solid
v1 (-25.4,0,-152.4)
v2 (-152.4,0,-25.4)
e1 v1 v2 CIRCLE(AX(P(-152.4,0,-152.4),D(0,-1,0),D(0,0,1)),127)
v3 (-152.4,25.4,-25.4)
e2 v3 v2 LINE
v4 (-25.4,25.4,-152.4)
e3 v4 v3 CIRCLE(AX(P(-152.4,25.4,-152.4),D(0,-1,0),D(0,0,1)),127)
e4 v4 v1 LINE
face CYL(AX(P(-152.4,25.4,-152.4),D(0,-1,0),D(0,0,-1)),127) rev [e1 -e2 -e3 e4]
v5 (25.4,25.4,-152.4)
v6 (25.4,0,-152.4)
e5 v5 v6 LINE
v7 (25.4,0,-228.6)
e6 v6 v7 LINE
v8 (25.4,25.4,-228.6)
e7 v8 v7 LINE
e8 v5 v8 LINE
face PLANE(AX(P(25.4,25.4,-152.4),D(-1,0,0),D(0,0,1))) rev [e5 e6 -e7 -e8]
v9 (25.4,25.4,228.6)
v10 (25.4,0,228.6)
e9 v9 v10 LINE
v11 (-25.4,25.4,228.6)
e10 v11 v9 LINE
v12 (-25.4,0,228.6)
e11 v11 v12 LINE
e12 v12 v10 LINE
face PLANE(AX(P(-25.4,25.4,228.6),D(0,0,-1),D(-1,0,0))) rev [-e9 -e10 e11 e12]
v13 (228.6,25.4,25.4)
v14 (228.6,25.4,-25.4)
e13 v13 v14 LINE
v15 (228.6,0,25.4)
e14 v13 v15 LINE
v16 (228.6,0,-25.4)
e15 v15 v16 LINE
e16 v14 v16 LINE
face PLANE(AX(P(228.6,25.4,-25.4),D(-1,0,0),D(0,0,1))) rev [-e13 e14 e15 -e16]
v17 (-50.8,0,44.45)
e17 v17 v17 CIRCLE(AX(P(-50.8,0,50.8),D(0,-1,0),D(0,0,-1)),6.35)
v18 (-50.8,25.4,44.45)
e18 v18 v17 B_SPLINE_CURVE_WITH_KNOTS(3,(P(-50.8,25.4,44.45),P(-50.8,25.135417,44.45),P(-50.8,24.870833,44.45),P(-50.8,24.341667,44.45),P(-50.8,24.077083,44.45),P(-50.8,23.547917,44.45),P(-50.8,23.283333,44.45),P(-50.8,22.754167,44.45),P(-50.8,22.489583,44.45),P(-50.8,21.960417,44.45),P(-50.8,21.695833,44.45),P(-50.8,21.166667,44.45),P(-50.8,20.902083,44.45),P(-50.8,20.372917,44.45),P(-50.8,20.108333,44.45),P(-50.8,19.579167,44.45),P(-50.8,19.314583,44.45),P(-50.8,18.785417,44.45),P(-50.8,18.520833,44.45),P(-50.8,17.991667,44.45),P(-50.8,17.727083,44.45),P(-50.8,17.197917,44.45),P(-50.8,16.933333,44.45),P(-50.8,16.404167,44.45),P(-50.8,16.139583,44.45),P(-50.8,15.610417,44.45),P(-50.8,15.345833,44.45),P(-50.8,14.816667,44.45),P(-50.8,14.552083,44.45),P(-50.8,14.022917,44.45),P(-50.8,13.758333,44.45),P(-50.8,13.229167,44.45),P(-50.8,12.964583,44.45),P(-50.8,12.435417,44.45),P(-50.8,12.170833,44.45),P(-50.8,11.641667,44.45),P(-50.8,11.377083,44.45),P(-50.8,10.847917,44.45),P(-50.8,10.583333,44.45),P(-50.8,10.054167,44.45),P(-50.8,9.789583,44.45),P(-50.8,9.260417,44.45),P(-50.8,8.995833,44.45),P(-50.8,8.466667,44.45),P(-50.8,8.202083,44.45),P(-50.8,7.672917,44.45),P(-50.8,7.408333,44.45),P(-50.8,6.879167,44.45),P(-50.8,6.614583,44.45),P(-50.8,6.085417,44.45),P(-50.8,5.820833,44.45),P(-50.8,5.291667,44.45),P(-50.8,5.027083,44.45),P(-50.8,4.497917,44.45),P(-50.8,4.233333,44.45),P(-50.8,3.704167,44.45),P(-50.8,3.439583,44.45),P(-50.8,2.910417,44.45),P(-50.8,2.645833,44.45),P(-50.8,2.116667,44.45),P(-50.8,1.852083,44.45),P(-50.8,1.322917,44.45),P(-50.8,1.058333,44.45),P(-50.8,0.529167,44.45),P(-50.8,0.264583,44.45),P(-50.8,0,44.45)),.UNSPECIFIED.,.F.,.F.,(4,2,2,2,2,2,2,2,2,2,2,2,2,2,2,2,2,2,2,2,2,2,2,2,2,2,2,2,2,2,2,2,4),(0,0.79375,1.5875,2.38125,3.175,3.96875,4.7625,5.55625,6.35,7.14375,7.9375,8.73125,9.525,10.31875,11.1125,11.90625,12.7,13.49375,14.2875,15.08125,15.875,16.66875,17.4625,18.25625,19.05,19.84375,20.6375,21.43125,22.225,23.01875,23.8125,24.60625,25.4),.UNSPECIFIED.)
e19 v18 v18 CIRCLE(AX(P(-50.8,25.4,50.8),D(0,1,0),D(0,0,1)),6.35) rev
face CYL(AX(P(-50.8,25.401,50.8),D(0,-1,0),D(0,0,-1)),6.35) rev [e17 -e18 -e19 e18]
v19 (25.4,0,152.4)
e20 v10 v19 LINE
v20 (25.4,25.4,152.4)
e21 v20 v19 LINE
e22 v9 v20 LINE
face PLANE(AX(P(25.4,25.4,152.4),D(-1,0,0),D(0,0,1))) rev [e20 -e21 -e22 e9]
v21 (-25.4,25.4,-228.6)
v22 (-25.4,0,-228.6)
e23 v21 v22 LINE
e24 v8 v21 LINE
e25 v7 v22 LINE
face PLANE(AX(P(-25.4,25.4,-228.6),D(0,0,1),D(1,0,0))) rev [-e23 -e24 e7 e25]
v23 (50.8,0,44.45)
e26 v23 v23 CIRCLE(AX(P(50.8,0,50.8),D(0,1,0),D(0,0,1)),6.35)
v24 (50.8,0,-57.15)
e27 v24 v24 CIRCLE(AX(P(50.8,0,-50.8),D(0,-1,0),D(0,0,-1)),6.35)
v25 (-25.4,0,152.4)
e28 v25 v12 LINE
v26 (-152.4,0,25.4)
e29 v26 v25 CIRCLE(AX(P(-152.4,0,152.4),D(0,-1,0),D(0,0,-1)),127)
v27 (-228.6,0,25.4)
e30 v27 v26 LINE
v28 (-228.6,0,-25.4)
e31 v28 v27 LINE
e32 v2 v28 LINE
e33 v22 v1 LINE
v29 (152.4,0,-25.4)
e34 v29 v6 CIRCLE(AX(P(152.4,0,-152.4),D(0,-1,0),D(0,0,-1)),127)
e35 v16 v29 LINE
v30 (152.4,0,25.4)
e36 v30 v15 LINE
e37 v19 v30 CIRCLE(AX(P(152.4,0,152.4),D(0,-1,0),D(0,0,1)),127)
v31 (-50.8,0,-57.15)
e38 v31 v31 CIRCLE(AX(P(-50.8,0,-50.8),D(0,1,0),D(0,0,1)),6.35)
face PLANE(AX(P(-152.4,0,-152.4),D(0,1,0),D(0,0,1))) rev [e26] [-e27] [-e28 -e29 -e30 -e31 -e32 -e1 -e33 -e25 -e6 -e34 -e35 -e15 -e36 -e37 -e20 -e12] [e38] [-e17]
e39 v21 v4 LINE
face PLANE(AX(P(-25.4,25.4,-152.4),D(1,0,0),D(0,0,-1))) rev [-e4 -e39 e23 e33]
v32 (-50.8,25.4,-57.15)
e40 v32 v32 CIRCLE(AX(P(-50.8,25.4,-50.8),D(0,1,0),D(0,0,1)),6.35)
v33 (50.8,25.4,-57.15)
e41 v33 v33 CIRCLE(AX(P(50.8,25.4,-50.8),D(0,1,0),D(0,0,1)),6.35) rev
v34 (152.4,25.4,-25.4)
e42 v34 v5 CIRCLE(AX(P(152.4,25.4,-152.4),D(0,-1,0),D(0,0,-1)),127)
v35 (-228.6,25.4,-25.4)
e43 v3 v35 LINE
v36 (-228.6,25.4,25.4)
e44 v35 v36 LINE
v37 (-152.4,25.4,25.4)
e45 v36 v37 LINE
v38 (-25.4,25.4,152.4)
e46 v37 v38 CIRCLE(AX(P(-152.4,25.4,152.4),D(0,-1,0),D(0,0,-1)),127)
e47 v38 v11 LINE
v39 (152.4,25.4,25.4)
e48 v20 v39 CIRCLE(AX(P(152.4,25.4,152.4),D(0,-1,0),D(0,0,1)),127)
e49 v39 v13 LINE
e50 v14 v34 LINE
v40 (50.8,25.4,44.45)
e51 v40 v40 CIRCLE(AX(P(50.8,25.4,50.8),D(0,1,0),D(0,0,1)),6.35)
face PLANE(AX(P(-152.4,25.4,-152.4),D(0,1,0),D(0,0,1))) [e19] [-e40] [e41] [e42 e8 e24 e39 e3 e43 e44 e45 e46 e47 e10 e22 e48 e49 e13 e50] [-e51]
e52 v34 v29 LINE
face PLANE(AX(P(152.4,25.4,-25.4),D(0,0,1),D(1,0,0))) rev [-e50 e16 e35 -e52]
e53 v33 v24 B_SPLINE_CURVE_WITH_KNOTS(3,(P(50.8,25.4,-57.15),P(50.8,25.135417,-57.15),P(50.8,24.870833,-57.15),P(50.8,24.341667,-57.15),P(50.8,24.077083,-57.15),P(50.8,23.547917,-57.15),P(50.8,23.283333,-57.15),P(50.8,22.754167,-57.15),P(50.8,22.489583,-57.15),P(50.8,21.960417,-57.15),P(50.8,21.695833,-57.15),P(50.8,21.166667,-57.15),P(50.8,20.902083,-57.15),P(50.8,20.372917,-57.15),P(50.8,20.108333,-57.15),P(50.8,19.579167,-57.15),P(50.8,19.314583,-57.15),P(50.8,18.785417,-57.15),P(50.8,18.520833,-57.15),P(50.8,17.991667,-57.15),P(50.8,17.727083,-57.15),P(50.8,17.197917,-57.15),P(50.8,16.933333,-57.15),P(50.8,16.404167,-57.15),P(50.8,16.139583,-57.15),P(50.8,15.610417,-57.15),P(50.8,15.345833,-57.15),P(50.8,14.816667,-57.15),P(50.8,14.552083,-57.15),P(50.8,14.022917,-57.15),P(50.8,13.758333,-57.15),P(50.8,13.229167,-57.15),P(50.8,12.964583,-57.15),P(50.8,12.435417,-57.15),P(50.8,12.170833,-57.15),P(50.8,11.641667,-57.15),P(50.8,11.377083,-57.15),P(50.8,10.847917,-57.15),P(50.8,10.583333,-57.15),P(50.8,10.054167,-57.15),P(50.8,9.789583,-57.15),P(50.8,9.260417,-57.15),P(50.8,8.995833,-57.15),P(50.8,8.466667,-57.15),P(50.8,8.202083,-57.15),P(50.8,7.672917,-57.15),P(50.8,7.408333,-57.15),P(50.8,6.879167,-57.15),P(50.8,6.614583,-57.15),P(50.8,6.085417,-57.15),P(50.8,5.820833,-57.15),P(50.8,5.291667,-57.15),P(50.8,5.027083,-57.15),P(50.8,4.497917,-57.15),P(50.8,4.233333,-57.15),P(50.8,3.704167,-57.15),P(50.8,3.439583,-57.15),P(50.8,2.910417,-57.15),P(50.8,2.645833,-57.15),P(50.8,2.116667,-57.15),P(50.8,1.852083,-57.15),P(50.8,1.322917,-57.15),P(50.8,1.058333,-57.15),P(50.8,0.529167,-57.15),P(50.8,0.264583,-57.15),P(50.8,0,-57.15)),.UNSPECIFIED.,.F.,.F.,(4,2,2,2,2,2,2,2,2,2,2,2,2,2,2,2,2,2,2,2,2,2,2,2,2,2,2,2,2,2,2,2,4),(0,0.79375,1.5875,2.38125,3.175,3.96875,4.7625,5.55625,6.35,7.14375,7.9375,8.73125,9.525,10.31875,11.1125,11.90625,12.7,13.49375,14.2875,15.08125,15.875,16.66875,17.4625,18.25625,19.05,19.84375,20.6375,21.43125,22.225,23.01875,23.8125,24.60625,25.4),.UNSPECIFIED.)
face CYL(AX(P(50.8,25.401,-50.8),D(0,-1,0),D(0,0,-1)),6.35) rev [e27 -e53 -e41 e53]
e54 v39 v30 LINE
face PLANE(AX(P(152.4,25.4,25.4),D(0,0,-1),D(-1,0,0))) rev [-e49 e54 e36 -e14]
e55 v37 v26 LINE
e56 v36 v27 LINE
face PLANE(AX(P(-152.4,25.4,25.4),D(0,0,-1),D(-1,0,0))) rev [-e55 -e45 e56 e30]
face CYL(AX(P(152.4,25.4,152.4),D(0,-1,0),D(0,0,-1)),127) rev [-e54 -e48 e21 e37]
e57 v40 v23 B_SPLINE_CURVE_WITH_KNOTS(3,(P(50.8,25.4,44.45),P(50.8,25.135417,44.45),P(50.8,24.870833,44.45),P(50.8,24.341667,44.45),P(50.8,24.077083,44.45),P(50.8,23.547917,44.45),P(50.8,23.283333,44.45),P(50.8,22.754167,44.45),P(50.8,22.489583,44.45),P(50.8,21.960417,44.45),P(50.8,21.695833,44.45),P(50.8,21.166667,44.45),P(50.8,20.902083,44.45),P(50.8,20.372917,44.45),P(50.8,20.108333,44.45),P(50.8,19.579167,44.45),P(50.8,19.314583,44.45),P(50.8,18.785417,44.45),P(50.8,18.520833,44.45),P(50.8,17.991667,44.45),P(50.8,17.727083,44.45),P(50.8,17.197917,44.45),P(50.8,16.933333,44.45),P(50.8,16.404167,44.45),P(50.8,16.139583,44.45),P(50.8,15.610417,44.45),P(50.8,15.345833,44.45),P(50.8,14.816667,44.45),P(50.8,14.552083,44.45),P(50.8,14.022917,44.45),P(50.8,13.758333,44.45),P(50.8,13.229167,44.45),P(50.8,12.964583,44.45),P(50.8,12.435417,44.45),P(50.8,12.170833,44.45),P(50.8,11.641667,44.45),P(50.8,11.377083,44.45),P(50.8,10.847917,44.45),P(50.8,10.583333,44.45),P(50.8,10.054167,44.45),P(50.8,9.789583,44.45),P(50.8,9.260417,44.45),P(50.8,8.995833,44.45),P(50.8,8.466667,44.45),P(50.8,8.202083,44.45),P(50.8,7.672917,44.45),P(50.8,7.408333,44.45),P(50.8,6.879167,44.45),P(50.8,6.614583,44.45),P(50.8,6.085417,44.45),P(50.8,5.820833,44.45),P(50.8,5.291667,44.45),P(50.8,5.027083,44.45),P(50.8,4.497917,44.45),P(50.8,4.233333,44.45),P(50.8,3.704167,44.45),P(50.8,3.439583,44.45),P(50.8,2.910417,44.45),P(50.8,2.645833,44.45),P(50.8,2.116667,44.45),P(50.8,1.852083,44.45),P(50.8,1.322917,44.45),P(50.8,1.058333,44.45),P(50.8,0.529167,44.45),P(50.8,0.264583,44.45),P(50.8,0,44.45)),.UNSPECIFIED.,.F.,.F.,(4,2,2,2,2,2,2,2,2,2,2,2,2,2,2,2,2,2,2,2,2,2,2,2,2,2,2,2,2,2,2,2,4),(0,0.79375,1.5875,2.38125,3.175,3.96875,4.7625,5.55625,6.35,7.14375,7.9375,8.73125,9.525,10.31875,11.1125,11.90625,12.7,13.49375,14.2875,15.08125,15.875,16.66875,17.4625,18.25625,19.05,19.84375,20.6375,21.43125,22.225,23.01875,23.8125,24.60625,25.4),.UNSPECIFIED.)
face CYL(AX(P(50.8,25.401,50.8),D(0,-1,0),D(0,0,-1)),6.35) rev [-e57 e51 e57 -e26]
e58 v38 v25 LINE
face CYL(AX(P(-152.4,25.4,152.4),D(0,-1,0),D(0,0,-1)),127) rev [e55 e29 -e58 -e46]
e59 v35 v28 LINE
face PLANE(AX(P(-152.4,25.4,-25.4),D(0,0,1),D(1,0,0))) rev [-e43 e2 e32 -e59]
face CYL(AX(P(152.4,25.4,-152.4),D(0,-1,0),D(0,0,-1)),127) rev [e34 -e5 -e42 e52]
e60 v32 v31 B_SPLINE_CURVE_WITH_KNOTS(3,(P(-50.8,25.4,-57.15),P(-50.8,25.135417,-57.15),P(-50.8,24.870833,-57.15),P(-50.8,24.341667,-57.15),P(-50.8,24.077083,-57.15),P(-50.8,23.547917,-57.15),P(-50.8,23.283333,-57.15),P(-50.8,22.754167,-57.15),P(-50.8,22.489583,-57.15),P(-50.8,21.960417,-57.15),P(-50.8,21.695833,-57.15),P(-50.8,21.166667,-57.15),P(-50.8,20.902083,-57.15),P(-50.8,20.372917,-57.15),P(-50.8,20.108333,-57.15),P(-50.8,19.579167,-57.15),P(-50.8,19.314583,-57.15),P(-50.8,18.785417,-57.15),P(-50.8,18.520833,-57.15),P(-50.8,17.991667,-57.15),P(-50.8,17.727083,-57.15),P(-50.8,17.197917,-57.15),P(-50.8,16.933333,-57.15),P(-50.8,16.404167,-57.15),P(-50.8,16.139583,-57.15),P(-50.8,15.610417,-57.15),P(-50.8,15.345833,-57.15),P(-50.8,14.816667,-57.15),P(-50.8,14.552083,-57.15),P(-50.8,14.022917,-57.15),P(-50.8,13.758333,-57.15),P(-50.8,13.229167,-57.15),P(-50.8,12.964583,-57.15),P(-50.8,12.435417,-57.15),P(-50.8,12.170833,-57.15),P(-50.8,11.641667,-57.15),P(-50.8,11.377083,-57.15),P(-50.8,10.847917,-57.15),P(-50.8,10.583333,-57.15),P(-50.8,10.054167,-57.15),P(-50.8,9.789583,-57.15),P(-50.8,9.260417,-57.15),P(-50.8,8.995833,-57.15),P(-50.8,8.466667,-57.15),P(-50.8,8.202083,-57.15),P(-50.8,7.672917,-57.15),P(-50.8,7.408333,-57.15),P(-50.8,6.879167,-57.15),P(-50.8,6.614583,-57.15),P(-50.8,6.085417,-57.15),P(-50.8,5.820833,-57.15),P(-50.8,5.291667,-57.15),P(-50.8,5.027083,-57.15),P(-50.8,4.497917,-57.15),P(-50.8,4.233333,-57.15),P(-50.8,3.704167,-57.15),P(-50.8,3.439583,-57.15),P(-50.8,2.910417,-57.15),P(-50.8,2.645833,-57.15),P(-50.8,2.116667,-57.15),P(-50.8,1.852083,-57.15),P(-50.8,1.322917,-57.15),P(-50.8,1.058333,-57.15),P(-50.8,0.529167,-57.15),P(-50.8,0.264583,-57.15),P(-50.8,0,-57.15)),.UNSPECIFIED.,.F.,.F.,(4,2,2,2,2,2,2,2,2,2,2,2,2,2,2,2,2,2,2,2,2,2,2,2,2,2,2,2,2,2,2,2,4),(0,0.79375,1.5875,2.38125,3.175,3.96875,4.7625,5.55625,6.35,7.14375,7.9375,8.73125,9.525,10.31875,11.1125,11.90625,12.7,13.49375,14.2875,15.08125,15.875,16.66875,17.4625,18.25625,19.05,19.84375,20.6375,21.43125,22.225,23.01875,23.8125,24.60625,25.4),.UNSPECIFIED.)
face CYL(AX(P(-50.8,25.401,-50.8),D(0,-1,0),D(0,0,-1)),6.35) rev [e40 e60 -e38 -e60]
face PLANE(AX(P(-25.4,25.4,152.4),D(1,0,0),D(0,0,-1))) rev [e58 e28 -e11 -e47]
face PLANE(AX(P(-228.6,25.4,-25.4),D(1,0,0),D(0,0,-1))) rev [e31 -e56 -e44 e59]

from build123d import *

# Parameters (mm, degrees)
BOSS_EXTRUDE1_DEPTH = 25.4
CUT_EXTRUDE1_REACH  = 326.285
SKETCH2_R           = 6.35


with BuildPart() as part:
    # Sketch1 → Boss-Extrude1 (new body)
    with BuildSketch(Plane(origin=(0, 0, 0), x_dir=(1, 0, 0), z_dir=(0, 1, 0))):
        with BuildLine():
            Line((-152.4, 25.4), (-228.6, 25.4))
            Line((-228.6, 25.4), (-228.6, -25.4))
            Line((-228.6, -25.4), (-152.4, -25.4))
            ThreePointArc((-152.4, -25.4), (-62.597438789, -62.597438789), (-25.4, -152.4))
            Line((-25.4, -152.4), (-25.4, -228.6))
            Line((-25.4, -228.6), (25.4, -228.6))
            Line((25.4, -228.6), (25.4, -152.4))
            ThreePointArc((25.4, -152.4), (62.597438789, -62.597438789), (152.4, -25.4))
            Line((152.4, -25.4), (228.6, -25.4))
            Line((228.6, -25.4), (228.6, 25.4))
            Line((228.6, 25.4), (152.4, 25.4))
            ThreePointArc((152.4, 25.4), (62.597438789, 62.597438789), (25.4, 152.4))
            Line((25.4, 152.4), (25.4, 228.6))
            Line((25.4, 228.6), (-25.4, 228.6))
            Line((-25.4, 228.6), (-25.4, 152.4))
            ThreePointArc((-25.4, 152.4), (-62.597438789, 62.597438789), (-152.4, 25.4))
        make_face()
    extrude(amount=BOSS_EXTRUDE1_DEPTH)

    # Sketch2 → Cut-Extrude1 (cut, up to next)
    with BuildSketch(Plane(origin=(0, 0, 0), x_dir=(-1, 0, 0), z_dir=(0, -1, 0)), mode=Mode.PRIVATE) as cut_extrude1_sk1:
        with Locations(Location((50.8, -50.8, 0), (0, 0, 90))):
            Circle(SKETCH2_R)
    cut_extrude1_tool1 = extrude(cut_extrude1_sk1.sketch, amount=-CUT_EXTRUDE1_REACH, mode=Mode.PRIVATE) & part.part
    # Sketch2 → Cut-Extrude1 (cut, up to next)
    with BuildSketch(Plane(origin=(0, 0, 0), x_dir=(-1, 0, 0), z_dir=(0, -1, 0)), mode=Mode.PRIVATE) as cut_extrude1_sk2:
        with Locations(Location((50.8, 50.8, 0), (0, 0, 90))):
            Circle(SKETCH2_R)
    cut_extrude1_tool2 = extrude(cut_extrude1_sk2.sketch, amount=-CUT_EXTRUDE1_REACH, mode=Mode.PRIVATE) & part.part
    # Sketch2 → Cut-Extrude1 (cut, up to next)
    with BuildSketch(Plane(origin=(0, 0, 0), x_dir=(-1, 0, 0), z_dir=(0, -1, 0)), mode=Mode.PRIVATE) as cut_extrude1_sk3:
        with Locations(Location((-50.8, 50.8, 0), (0, 0, 90))):
            Circle(SKETCH2_R)
    cut_extrude1_tool3 = extrude(cut_extrude1_sk3.sketch, amount=-CUT_EXTRUDE1_REACH, mode=Mode.PRIVATE) & part.part
    # Sketch2 → Cut-Extrude1 (cut, up to next)
    with BuildSketch(Plane(origin=(0, 0, 0), x_dir=(-1, 0, 0), z_dir=(0, -1, 0)), mode=Mode.PRIVATE) as cut_extrude1_sk4:
        with Locations(Location((-50.8, -50.8, 0), (0, 0, 90))):
            Circle(SKETCH2_R)
    cut_extrude1_tool4 = extrude(cut_extrude1_sk4.sketch, amount=-CUT_EXTRUDE1_REACH, mode=Mode.PRIVATE) & part.part
    add(cut_extrude1_tool1.solids().sort_by_distance((-50.8, 0, 50.8))[0], mode=Mode.SUBTRACT)
    add(cut_extrude1_tool2.solids().sort_by_distance((-50.8, 0, -50.8))[0], mode=Mode.SUBTRACT)
    add(cut_extrude1_tool3.solids().sort_by_distance((50.8, 0, -50.8))[0], mode=Mode.SUBTRACT)
    add(cut_extrude1_tool4.solids().sort_by_distance((50.8, 0, 50.8))[0], mode=Mode.SUBTRACT)


solid = part.part
